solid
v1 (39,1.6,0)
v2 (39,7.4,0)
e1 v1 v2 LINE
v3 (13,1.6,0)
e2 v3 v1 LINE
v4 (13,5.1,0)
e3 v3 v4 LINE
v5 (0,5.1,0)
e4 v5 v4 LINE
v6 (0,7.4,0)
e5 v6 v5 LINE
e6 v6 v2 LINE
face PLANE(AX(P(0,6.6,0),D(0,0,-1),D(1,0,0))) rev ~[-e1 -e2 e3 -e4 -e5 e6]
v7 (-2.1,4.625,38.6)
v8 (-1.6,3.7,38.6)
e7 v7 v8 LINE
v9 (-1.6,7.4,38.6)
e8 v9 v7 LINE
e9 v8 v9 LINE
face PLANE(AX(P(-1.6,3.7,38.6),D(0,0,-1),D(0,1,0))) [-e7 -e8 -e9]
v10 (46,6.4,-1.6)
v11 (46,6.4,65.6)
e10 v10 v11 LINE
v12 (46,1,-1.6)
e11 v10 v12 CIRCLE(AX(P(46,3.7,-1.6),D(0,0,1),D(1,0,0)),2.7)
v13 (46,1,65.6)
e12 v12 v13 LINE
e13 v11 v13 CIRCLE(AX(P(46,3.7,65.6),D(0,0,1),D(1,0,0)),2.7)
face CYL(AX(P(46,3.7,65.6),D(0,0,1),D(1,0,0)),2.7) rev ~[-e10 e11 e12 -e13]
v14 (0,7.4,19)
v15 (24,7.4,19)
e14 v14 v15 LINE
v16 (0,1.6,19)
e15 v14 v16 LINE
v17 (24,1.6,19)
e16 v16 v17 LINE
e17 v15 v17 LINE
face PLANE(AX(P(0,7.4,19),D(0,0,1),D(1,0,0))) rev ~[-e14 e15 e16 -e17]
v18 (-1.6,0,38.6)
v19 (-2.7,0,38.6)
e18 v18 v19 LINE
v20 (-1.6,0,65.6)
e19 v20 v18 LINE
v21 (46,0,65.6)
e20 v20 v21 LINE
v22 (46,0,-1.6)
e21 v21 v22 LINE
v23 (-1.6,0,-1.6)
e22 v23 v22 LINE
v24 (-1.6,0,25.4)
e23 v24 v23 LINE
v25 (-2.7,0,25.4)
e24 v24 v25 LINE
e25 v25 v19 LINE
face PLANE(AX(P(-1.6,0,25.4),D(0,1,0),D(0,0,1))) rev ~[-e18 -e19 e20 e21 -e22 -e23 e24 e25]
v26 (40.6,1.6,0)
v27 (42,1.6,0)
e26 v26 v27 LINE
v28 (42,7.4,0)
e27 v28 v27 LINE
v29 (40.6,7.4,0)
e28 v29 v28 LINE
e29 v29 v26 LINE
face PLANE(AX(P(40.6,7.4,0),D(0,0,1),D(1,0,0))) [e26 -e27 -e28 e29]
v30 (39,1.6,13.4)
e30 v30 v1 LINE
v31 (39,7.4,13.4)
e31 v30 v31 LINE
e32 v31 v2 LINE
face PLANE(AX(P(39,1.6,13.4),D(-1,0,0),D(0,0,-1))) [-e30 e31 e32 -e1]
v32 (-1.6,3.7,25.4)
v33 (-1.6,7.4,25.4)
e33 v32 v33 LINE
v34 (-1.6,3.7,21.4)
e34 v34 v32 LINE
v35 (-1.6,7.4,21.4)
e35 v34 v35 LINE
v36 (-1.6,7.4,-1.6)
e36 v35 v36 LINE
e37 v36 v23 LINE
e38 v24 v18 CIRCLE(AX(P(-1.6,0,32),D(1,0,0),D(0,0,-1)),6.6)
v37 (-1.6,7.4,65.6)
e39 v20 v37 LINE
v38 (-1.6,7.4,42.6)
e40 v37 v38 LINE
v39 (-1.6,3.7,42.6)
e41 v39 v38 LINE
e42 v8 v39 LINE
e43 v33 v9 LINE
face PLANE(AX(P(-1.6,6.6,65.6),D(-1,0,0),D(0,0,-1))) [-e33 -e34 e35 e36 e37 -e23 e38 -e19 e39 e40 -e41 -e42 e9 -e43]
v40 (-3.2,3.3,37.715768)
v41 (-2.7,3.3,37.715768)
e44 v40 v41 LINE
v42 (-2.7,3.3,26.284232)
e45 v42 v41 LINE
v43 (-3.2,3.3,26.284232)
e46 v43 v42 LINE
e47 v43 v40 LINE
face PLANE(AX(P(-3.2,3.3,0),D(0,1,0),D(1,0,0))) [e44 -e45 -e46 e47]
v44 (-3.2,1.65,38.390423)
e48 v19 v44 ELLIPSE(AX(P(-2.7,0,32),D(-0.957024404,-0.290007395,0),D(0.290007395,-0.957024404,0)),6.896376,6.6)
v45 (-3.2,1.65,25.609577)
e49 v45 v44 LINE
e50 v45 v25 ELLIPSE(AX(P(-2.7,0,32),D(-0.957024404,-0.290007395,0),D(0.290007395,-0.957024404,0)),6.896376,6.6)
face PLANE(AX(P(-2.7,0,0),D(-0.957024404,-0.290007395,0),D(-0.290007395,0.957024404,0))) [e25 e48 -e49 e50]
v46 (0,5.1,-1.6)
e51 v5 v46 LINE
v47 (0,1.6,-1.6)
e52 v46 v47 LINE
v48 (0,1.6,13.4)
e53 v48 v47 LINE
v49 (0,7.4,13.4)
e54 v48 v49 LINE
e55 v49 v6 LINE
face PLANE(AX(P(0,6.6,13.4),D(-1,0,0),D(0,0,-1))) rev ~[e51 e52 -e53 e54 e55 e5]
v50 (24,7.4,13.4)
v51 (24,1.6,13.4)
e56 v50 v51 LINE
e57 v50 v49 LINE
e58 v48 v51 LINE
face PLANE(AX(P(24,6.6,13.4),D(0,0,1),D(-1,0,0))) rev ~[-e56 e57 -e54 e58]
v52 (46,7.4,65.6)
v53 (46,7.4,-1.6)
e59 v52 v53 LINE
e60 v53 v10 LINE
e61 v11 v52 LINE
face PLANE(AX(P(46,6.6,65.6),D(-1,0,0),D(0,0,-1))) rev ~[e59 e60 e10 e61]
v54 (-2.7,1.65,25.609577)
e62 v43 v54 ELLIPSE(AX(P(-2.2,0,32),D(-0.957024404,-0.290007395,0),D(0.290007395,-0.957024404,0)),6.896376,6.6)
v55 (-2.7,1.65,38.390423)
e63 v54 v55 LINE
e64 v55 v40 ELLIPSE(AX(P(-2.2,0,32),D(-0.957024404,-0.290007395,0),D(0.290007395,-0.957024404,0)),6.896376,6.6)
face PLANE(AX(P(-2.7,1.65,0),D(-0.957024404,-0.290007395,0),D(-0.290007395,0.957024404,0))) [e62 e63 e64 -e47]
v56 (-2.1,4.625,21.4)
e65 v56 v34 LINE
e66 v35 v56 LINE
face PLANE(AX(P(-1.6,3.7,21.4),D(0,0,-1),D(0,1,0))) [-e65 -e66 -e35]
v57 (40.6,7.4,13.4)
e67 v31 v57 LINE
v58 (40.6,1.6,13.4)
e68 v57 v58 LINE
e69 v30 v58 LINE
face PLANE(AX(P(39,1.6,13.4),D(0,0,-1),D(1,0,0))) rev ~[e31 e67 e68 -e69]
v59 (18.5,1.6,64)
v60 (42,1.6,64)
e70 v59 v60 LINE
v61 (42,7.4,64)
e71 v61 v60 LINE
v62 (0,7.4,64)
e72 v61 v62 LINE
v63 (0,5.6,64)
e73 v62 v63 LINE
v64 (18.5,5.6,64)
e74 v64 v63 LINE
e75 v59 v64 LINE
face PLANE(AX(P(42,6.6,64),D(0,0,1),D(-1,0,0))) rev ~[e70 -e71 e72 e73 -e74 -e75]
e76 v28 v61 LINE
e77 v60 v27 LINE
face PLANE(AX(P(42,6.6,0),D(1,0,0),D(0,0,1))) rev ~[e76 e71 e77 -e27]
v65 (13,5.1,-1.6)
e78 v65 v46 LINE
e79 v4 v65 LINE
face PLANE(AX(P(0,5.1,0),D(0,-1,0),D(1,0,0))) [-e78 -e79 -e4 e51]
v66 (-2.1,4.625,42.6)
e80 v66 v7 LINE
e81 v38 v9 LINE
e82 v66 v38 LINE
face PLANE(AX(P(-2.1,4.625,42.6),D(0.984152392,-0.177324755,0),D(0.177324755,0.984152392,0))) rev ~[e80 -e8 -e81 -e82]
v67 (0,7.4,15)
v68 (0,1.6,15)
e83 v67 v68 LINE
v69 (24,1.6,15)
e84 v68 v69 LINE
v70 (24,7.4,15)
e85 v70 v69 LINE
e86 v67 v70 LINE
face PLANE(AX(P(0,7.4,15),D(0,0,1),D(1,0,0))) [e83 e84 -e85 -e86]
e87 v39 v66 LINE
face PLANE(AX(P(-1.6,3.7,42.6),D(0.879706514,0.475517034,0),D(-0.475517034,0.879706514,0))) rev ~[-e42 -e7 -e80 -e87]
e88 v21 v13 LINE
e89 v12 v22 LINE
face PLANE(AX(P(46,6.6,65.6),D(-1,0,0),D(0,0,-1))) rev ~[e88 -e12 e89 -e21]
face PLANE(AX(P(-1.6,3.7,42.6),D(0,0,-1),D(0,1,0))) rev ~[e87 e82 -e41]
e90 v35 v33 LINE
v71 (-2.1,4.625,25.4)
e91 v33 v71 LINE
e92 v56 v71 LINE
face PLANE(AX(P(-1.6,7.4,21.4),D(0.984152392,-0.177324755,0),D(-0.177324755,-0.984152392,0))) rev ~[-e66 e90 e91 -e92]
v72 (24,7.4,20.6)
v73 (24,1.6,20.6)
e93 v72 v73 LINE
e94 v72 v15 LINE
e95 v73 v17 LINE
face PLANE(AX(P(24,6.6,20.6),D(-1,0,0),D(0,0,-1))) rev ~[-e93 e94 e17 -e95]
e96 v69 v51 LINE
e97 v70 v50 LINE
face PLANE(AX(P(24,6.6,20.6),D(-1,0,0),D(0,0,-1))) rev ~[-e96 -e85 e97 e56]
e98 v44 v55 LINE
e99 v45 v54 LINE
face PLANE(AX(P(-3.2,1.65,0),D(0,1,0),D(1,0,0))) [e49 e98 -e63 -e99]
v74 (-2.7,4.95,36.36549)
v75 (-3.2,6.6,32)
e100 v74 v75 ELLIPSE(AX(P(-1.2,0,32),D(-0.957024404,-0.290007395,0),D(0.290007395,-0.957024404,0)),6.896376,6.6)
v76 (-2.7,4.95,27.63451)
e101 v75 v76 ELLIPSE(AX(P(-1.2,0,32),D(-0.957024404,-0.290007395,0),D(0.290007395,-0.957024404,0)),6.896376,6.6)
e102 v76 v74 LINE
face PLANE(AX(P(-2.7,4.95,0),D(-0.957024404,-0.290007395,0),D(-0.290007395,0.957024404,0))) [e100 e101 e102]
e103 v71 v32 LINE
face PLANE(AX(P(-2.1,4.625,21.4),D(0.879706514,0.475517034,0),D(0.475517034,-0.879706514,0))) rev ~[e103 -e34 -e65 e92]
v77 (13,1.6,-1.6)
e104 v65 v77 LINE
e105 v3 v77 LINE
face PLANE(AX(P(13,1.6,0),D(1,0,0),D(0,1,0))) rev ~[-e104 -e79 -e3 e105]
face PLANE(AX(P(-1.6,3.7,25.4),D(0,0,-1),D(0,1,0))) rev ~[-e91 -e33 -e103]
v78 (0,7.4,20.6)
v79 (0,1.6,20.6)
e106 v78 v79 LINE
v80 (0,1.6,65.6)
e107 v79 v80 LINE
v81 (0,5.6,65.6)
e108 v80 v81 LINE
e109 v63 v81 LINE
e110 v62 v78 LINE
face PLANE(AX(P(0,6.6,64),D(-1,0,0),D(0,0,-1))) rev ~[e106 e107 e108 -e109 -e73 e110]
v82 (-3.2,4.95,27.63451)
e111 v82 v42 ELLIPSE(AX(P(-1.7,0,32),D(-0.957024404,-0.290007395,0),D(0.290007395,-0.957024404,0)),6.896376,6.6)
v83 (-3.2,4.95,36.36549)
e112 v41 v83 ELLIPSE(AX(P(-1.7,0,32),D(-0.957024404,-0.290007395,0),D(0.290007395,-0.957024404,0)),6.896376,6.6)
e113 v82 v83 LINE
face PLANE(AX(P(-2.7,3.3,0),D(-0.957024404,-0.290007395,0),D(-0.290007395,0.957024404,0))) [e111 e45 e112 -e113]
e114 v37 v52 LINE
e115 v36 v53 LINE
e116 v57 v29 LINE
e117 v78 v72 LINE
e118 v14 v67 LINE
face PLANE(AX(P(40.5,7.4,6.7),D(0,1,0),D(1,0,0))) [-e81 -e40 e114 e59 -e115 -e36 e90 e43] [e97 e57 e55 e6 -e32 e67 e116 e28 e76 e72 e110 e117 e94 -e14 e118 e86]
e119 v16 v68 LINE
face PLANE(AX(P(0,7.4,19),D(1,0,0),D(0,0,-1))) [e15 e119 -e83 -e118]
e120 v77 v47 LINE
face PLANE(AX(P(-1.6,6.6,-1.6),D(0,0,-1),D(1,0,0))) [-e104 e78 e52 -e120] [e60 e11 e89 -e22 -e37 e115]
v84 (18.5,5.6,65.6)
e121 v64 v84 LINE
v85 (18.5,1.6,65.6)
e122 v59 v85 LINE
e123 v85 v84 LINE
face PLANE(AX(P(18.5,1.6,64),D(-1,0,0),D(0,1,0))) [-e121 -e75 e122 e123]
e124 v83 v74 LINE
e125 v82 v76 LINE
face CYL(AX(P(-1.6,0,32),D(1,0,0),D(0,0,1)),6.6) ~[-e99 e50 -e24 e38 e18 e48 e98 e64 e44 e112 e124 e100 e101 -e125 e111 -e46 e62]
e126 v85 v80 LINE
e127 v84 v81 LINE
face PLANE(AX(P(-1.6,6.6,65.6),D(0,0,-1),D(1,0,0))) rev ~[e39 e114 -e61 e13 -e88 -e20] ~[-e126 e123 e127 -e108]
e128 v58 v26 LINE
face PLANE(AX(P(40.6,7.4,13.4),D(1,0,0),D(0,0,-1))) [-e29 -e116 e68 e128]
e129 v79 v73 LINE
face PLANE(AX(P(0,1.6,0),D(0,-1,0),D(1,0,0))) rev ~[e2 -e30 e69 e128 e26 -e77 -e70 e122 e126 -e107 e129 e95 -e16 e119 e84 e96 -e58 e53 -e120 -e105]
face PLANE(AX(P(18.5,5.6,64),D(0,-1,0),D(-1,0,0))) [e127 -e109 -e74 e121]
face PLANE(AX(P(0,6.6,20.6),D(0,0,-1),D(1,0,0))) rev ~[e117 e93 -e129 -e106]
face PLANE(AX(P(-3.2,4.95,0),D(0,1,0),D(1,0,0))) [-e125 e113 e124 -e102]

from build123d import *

# Parameters (mm, degrees)
SKETCH2_W            = 42
SKETCH2_H            = 64
BOSS_EXTRUDE1_DEPTH  = 1.6
SKETCH4_W            = 47.6
SKETCH4_H            = 67.2
SKETCH4_W_2          = 42
SKETCH4_H_2          = 64
BOSS_EXTRUDE2_DEPTH  = 6.6
BOSS_EXTRUDE3_DEPTH  = 1.6
CUT_EXTRUDE2_DEPTH   = 53.6
SKETCH12_W           = 18.5
SKETCH12_H           = 4
CUT_EXTRUDE5_DEPTH   = 4.5
SKETCH14_W           = 24
SKETCH14_H           = 7.2
BOSS_EXTRUDE6_DEPTH  = 5
SKETCH21_W           = 47.6
SKETCH21_H           = 67.2
BOSS_EXTRUDE8_DEPTH  = 0.8
SKETCH22_W           = 13
SKETCH22_H           = 3.5
CUT_EXTRUDE6_DEPTH   = 10.8
SKETCH26_W           = 24
SKETCH26_H           = 4
CUT_EXTRUDE7_DEPTH   = 5.8
SKETCH27_W           = 3
SKETCH27_H           = 13.4
BOSS_EXTRUDE9_DEPTH  = 5.8
SKETCH28_R           = 2.7
CUT_EXTRUDE8_DEPTH   = 70.8
SKETCH29_W           = 4
SKETCH29_H           = 3.7
BOSS_EXTRUDE10_DEPTH = 0.5
CUT_EXTRUDE9_DEPTH   = 4.5
CUT_EXTRUDE10_DEPTH  = 4.5
SKETCH38_W           = 1.4
SKETCH38_H           = 13.4
CUT_EXTRUDE12_DEPTH  = 5.8


with BuildPart() as part:
    # Sketch2 → Boss-Extrude1 (new body)
    with BuildSketch(Plane(origin=(0, 0, 0), x_dir=(1, 0, 0), z_dir=(0, 1, 0))):
        with Locations((21, -32)):
            Rectangle(SKETCH2_W, SKETCH2_H)
    extrude(amount=BOSS_EXTRUDE1_DEPTH)

    # Sketch4 → Boss-Extrude2 (add)
    with BuildSketch(Plane(origin=(0, 0, 0), x_dir=(1, 0, 0), z_dir=(0, 1, 0))):
        with Locations((22.2, -32)):
            Rectangle(SKETCH4_W, SKETCH4_H)
        with Locations((21, -32)):
            Rectangle(SKETCH4_W_2, SKETCH4_H_2, mode=Mode.SUBTRACT)
    extrude(amount=BOSS_EXTRUDE2_DEPTH)

    # Sketch6 → Boss-Extrude3 (add)
    with BuildSketch(Plane.ZY.offset(1.6)):
        with BuildLine():
            Line((25.4, 0), (38.6, 0))
            ThreePointArc((38.6, 0), (32, 6.6), (25.4, 0))
        make_face()
    extrude(amount=BOSS_EXTRUDE3_DEPTH)

    # Sketch7 → Cut-Extrude2 (cut)
    with BuildSketch(Plane.XY):
        Polygon((-3.2, 6.6), (-3.2, 4.95), (-2.7, 4.95), align=None)
        Polygon((-3.2, 4.95), (-3.2, 3.3), (-2.7, 3.3), align=None)
        Polygon((-2.7, 1.65), (-3.2, 3.3), (-3.2, 1.65), align=None)
        Polygon((-2.7, 0), (-3.2, 1.65), (-3.2, 0), align=None)
    extrude(amount=CUT_EXTRUDE2_DEPTH, mode=Mode.SUBTRACT)

    # Sketch12 → Cut-Extrude5 (cut)
    with BuildSketch(Plane(origin=(0, 0, 64), x_dir=(-1, 0, 0), z_dir=(0, 0, -1))):
        with Locations((-9.25, 3.6)):
            Rectangle(SKETCH12_W, SKETCH12_H)
    extrude(amount=-CUT_EXTRUDE5_DEPTH, mode=Mode.SUBTRACT)

    # Sketch14 → Boss-Extrude6 (add)
    with BuildSketch(Plane(origin=(0, 1.6, 0), x_dir=(1, 0, 0), z_dir=(0, 1, 0))):
        with Locations((12, -17)):
            Rectangle(SKETCH14_W, SKETCH14_H)
    extrude(amount=BOSS_EXTRUDE6_DEPTH)

    # Sketch21 → Boss-Extrude8 (add)
    with BuildSketch(Plane(origin=(0, 6.6, 0), x_dir=(1, 0, 0), z_dir=(0, 1, 0))):
        with Locations((22.2, -32)):
            Rectangle(SKETCH21_W, SKETCH21_H)
        Polygon((0, -13.4), (0, 0), (42, 0), (42, -64), (0, -64), (0, -20.6), (24, -20.6), (24, -13.4), align=None, mode=Mode.SUBTRACT)
    extrude(amount=BOSS_EXTRUDE8_DEPTH)

    # Sketch22 → Cut-Extrude6 (cut)
    with BuildSketch(Plane.XY):
        with Locations((6.5, 3.35)):
            Rectangle(SKETCH22_W, SKETCH22_H)
    extrude(amount=-CUT_EXTRUDE6_DEPTH, mode=Mode.SUBTRACT)

    # Sketch26 → Cut-Extrude7 (cut)
    with BuildSketch(Plane(origin=(0, 7.4, 0), x_dir=(1, 0, 0), z_dir=(0, 1, 0))):
        with Locations((12, -17)):
            Rectangle(SKETCH26_W, SKETCH26_H)
    extrude(amount=-CUT_EXTRUDE7_DEPTH, mode=Mode.SUBTRACT)

    # Sketch27 → Boss-Extrude9 (add)
    with BuildSketch(Plane(origin=(0, 1.6, 0), x_dir=(1, 0, 0), z_dir=(0, 1, 0))):
        with Locations((40.5, -6.7)):
            Rectangle(SKETCH27_W, SKETCH27_H)
    extrude(amount=BOSS_EXTRUDE9_DEPTH)

    # Sketch28 → Cut-Extrude8 (cut)
    with BuildSketch(Plane.XY.offset(65.6)):
        with Locations((46, 3.7)):
            Circle(SKETCH28_R)
    extrude(amount=-CUT_EXTRUDE8_DEPTH, mode=Mode.SUBTRACT)

    # Sketch29 → Boss-Extrude10 (add)
    with BuildSketch(Plane.ZY.offset(1.6)):
        with Locations((23.4, 5.55)):
            Rectangle(SKETCH29_W, SKETCH29_H)
        with Locations((40.6, 5.55)):
            Rectangle(SKETCH29_W, SKETCH29_H)
    extrude(amount=BOSS_EXTRUDE10_DEPTH)

    # Sketch30 → Cut-Extrude9 (cut)
    with BuildSketch(Plane(origin=(0, 0, 21.4), x_dir=(-1, 0, 0), z_dir=(0, 0, -1))):
        Polygon((2.1, 4.625), (2.1, 5.55), (2.1, 7.4), (1.6, 7.4), align=None)
        Polygon((2.1, 3.7), (2.1, 4.625), (1.6, 3.7), align=None)
    extrude(amount=-CUT_EXTRUDE9_DEPTH, mode=Mode.SUBTRACT)

    # Sketch31 → Cut-Extrude10 (cut)
    with BuildSketch(Plane.XY.offset(42.6)):
        Polygon((-2.1, 5.55), (-2.1, 4.625), (-1.6, 7.4), (-2.1, 7.4), align=None)
        Polygon((-2.1, 4.625), (-2.1, 3.7), (-1.6, 3.7), align=None)
    extrude(amount=-CUT_EXTRUDE10_DEPTH, mode=Mode.SUBTRACT)

    # Sketch38 → Cut-Extrude12 (cut)
    with BuildSketch(Plane(origin=(0, 7.4, 0), x_dir=(1, 0, 0), z_dir=(0, 1, 0))):
        with Locations((41.3, -6.7)):
            Rectangle(SKETCH38_W, SKETCH38_H)
    extrude(amount=-CUT_EXTRUDE12_DEPTH, mode=Mode.SUBTRACT)


solid = part.part
